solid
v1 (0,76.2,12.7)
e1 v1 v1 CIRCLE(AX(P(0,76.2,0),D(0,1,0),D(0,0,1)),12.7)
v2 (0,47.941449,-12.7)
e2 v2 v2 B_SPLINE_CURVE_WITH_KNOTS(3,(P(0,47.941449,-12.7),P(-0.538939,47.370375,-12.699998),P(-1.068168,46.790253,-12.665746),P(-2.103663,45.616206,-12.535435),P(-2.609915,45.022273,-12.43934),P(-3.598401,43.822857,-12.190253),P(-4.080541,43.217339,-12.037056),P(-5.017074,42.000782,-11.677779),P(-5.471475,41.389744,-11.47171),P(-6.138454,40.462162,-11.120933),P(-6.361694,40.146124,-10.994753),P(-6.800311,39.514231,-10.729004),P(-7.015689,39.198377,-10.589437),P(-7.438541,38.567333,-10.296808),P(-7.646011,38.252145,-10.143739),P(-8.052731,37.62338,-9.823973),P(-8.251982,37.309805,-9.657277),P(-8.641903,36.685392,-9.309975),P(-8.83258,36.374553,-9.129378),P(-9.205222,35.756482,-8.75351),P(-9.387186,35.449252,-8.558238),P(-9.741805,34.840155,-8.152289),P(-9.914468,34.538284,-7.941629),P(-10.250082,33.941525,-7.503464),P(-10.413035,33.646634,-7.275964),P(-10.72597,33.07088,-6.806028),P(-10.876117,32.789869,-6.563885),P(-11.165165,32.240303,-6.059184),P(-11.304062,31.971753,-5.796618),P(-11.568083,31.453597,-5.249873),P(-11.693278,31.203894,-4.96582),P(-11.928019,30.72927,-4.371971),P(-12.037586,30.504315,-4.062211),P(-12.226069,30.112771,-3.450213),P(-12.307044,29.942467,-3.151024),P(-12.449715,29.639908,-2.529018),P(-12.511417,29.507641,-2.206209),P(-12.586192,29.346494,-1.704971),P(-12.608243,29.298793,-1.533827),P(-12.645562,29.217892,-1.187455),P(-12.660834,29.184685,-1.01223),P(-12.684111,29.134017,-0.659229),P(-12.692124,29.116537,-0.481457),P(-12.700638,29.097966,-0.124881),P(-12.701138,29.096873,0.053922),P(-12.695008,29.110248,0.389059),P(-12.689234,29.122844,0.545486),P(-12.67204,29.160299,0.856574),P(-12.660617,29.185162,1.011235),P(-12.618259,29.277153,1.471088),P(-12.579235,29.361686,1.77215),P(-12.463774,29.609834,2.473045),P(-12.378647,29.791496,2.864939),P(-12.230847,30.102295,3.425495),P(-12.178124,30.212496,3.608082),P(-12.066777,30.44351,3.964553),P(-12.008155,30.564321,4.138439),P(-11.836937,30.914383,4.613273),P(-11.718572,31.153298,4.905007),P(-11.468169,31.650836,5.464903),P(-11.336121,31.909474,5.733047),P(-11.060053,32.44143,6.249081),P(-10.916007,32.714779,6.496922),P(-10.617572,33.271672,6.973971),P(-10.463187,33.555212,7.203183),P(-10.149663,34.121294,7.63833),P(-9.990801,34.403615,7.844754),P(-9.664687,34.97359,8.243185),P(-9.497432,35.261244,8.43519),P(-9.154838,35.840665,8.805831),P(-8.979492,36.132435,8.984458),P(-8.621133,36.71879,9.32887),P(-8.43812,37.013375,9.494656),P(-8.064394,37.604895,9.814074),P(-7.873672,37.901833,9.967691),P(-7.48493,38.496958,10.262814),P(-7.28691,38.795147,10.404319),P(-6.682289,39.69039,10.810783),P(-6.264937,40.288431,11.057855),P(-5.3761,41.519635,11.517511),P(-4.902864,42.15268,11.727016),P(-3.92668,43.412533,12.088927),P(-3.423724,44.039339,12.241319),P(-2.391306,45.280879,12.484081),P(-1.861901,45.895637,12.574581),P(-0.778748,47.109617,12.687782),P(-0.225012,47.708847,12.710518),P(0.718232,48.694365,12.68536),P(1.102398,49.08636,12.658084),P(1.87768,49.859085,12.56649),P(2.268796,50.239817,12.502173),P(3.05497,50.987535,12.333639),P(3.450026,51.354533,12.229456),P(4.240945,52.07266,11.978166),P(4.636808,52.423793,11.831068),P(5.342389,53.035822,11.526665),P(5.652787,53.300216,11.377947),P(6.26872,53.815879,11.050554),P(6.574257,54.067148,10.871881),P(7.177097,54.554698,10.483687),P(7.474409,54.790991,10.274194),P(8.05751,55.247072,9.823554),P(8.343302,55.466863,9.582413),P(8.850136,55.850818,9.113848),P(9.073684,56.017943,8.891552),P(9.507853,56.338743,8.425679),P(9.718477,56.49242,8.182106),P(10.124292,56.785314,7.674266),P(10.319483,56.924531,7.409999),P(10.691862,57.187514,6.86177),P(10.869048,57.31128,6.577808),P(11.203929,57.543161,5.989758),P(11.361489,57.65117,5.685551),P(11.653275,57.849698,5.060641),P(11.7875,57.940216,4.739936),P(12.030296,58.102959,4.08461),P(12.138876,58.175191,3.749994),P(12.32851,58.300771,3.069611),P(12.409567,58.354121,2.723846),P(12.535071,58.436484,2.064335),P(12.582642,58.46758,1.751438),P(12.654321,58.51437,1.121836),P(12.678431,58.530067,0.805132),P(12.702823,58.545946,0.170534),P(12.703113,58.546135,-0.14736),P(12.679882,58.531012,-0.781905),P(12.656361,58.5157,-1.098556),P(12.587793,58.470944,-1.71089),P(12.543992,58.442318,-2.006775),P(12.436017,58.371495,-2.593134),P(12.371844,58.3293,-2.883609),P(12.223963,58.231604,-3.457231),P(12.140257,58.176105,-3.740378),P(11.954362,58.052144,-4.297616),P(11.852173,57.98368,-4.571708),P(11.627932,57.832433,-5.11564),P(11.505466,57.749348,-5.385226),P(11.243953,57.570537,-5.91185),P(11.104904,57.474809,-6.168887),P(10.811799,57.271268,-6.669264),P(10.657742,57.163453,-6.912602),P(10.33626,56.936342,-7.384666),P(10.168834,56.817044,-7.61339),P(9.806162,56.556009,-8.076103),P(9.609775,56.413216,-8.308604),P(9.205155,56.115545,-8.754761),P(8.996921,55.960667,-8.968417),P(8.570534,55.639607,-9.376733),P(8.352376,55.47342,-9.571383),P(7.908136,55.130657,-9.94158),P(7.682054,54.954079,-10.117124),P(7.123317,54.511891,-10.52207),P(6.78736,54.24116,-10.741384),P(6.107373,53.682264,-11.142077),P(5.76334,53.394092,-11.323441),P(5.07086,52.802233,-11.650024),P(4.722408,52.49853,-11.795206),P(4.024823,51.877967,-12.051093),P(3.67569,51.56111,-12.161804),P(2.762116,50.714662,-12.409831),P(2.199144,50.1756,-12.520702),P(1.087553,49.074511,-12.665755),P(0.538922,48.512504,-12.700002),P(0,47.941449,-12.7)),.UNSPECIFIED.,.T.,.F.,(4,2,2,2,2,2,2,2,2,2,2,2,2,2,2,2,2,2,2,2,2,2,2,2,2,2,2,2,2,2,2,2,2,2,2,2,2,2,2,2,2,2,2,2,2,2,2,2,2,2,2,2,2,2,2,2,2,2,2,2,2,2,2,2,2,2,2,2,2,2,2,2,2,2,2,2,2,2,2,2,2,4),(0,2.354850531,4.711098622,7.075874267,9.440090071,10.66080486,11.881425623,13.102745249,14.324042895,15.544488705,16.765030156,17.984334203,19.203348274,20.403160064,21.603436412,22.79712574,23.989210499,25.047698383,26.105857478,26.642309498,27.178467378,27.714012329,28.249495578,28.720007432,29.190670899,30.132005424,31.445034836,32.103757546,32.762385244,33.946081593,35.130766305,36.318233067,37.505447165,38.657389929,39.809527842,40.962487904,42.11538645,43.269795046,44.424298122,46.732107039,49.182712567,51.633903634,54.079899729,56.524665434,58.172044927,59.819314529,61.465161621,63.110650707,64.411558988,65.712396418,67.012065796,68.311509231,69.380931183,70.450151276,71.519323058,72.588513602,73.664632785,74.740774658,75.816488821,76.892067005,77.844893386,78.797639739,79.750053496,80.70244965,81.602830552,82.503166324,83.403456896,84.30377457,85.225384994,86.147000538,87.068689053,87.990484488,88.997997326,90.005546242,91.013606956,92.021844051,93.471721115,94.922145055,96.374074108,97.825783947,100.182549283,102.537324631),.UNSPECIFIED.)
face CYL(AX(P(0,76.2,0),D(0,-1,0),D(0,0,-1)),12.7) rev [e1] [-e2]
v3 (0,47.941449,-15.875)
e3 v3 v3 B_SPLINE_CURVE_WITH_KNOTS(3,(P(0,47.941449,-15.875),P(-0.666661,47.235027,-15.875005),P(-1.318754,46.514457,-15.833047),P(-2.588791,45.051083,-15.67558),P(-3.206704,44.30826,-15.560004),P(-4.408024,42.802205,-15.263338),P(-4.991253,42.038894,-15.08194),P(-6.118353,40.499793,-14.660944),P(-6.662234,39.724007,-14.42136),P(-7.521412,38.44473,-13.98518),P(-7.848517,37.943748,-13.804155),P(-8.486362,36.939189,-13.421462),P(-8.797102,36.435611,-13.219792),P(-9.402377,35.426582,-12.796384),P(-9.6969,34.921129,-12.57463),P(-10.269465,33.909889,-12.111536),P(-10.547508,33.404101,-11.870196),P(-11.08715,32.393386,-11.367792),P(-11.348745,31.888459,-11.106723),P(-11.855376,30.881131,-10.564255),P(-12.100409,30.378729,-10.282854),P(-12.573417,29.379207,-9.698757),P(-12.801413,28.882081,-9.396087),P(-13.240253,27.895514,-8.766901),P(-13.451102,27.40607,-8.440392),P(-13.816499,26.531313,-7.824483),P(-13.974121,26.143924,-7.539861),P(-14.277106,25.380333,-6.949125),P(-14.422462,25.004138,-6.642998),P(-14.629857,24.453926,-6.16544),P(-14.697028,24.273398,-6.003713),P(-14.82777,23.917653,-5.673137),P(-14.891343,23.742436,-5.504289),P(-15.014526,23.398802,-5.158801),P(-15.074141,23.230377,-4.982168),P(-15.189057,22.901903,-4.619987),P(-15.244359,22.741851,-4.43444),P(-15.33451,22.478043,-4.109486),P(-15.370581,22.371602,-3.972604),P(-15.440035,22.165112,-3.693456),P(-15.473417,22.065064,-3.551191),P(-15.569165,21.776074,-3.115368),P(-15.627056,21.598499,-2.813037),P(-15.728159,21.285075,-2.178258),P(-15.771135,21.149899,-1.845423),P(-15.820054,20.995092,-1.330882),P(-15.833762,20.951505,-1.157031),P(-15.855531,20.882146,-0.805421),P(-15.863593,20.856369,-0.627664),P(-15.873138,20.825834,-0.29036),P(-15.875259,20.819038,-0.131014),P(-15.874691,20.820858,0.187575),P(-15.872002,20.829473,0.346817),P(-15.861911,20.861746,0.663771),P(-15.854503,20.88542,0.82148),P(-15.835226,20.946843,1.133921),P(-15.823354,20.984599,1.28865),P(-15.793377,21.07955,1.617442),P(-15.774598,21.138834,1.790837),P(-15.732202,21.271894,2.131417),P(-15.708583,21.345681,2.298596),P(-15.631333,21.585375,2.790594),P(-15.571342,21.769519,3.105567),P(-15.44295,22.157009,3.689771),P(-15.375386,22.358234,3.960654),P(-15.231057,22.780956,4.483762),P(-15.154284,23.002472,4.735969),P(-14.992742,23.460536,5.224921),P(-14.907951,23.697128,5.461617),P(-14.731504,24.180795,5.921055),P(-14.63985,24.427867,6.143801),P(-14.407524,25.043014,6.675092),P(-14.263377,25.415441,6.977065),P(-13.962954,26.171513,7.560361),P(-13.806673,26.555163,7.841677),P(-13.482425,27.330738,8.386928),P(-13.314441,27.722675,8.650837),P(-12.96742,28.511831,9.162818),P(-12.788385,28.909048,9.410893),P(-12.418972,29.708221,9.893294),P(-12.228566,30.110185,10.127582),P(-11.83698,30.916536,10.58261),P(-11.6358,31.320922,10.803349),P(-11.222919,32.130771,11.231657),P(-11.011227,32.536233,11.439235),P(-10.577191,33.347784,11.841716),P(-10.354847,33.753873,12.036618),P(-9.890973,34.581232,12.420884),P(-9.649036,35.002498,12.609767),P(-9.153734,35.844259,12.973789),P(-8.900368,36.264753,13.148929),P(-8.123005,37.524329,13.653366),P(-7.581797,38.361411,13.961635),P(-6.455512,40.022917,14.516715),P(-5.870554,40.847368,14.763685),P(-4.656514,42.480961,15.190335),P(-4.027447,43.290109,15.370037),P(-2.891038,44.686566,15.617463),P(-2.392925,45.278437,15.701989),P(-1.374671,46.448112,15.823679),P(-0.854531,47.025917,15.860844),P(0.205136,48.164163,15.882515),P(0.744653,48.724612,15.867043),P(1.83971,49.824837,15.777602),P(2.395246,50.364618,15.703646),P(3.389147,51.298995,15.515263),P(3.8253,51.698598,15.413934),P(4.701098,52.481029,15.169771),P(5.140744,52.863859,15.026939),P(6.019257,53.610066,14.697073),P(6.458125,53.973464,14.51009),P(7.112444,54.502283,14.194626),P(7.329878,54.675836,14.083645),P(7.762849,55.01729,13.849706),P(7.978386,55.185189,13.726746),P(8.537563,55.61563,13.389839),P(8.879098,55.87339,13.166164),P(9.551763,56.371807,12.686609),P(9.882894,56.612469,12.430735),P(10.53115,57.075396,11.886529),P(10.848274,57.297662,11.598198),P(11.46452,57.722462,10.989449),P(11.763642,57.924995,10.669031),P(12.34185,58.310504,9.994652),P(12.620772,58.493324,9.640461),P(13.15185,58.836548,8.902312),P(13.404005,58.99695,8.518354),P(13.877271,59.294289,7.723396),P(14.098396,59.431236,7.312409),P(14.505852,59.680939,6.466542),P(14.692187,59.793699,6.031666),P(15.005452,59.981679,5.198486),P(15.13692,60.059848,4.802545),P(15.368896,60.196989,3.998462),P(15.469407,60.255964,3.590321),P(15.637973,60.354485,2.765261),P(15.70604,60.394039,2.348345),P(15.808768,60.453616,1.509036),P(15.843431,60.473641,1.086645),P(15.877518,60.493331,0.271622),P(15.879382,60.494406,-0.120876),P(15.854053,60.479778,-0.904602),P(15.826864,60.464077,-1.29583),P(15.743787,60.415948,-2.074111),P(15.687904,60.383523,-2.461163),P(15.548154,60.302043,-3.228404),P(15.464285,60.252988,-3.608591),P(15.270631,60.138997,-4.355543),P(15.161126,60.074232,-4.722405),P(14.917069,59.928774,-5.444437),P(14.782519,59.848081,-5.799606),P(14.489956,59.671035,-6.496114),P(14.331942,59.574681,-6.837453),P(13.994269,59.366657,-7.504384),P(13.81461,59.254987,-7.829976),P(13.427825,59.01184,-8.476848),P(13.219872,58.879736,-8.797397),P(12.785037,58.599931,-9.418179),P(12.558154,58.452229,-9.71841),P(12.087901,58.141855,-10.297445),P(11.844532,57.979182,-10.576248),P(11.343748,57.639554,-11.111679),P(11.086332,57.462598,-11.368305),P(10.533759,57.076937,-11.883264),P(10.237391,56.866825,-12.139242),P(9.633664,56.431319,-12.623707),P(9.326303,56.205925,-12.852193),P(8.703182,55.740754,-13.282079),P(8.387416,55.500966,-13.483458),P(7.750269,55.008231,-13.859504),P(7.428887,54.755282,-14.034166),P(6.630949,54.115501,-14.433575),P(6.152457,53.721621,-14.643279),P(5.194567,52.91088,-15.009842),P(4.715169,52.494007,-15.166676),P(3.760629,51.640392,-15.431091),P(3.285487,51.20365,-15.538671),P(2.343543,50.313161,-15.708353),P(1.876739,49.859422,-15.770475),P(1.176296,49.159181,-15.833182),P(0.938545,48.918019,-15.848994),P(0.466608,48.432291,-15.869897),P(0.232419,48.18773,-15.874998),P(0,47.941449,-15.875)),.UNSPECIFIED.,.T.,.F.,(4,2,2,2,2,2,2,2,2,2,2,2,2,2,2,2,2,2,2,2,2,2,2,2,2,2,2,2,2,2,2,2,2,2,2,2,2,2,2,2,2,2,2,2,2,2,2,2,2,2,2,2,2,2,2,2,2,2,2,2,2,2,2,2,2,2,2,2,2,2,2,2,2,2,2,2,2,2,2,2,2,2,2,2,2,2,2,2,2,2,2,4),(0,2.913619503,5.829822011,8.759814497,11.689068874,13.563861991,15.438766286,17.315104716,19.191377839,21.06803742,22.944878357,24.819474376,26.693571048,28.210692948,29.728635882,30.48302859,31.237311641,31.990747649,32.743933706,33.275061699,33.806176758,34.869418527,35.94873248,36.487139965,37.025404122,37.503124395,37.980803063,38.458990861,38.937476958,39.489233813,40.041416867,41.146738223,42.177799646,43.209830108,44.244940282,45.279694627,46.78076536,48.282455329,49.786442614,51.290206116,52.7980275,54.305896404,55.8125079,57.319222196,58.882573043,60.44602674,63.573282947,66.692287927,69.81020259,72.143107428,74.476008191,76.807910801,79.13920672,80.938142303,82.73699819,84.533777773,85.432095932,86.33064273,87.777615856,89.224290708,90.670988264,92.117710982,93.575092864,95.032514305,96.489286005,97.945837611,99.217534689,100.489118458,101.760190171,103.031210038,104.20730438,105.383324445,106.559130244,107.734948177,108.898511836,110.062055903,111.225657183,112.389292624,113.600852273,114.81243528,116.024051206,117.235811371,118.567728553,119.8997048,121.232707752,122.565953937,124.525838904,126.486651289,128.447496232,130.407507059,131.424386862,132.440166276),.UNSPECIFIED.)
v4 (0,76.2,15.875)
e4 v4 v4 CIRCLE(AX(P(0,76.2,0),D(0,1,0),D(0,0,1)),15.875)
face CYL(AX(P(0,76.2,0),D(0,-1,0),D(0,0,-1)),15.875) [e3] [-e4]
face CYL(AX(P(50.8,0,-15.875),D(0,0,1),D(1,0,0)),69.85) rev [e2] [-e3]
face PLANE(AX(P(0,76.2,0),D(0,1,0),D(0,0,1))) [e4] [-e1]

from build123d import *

# Parameters (mm, degrees)
SKETCH1_R               = 15.875
SKETCH1_R_2             = 12.7
BOSS_EXTRUDE1_DEPTH     = 76.2
CUT_EXTRUDE1_DEPTH      = 80.43847462
CUT_EXTRUDE1_DEPTH_BACK = 80.43847462
SKETCH2_R               = 69.85
SKETCH2_R_2             = 63.5


with BuildPart() as part:
    # Sketch1 → Boss-Extrude1 (new body)
    with BuildSketch(Plane(origin=(0, 0, 0), x_dir=(1, 0, 0), z_dir=(0, 1, 0))):
        with Locations(Location((0, 0, 0), (0, 0, 90))):
            Circle(SKETCH1_R)
        with Locations(Location((0, 0, 0), (0, 0, 90))):
            Circle(SKETCH1_R_2, mode=Mode.SUBTRACT)
    extrude(amount=BOSS_EXTRUDE1_DEPTH)

    # Sketch2 → Cut-Extrude1 (cut, two sides: drawn at the far end of the back side and taken through both)
    # profile 1 of 2: a face of its own
    with BuildSketch(Plane.XY.offset(-CUT_EXTRUDE1_DEPTH_BACK)):
        with Locations((50.8, 0)):
            Circle(SKETCH2_R)
        with Locations((50.8, 0)):
            Circle(SKETCH2_R_2, mode=Mode.SUBTRACT)
    # profile 2 of 2: a face of its own
    with BuildSketch(Plane.XY.offset(-CUT_EXTRUDE1_DEPTH_BACK)):
        with Locations((50.8, 0)):
            Circle(SKETCH2_R_2)
    extrude(amount=CUT_EXTRUDE1_DEPTH + CUT_EXTRUDE1_DEPTH_BACK, mode=Mode.SUBTRACT)


solid = part.part
